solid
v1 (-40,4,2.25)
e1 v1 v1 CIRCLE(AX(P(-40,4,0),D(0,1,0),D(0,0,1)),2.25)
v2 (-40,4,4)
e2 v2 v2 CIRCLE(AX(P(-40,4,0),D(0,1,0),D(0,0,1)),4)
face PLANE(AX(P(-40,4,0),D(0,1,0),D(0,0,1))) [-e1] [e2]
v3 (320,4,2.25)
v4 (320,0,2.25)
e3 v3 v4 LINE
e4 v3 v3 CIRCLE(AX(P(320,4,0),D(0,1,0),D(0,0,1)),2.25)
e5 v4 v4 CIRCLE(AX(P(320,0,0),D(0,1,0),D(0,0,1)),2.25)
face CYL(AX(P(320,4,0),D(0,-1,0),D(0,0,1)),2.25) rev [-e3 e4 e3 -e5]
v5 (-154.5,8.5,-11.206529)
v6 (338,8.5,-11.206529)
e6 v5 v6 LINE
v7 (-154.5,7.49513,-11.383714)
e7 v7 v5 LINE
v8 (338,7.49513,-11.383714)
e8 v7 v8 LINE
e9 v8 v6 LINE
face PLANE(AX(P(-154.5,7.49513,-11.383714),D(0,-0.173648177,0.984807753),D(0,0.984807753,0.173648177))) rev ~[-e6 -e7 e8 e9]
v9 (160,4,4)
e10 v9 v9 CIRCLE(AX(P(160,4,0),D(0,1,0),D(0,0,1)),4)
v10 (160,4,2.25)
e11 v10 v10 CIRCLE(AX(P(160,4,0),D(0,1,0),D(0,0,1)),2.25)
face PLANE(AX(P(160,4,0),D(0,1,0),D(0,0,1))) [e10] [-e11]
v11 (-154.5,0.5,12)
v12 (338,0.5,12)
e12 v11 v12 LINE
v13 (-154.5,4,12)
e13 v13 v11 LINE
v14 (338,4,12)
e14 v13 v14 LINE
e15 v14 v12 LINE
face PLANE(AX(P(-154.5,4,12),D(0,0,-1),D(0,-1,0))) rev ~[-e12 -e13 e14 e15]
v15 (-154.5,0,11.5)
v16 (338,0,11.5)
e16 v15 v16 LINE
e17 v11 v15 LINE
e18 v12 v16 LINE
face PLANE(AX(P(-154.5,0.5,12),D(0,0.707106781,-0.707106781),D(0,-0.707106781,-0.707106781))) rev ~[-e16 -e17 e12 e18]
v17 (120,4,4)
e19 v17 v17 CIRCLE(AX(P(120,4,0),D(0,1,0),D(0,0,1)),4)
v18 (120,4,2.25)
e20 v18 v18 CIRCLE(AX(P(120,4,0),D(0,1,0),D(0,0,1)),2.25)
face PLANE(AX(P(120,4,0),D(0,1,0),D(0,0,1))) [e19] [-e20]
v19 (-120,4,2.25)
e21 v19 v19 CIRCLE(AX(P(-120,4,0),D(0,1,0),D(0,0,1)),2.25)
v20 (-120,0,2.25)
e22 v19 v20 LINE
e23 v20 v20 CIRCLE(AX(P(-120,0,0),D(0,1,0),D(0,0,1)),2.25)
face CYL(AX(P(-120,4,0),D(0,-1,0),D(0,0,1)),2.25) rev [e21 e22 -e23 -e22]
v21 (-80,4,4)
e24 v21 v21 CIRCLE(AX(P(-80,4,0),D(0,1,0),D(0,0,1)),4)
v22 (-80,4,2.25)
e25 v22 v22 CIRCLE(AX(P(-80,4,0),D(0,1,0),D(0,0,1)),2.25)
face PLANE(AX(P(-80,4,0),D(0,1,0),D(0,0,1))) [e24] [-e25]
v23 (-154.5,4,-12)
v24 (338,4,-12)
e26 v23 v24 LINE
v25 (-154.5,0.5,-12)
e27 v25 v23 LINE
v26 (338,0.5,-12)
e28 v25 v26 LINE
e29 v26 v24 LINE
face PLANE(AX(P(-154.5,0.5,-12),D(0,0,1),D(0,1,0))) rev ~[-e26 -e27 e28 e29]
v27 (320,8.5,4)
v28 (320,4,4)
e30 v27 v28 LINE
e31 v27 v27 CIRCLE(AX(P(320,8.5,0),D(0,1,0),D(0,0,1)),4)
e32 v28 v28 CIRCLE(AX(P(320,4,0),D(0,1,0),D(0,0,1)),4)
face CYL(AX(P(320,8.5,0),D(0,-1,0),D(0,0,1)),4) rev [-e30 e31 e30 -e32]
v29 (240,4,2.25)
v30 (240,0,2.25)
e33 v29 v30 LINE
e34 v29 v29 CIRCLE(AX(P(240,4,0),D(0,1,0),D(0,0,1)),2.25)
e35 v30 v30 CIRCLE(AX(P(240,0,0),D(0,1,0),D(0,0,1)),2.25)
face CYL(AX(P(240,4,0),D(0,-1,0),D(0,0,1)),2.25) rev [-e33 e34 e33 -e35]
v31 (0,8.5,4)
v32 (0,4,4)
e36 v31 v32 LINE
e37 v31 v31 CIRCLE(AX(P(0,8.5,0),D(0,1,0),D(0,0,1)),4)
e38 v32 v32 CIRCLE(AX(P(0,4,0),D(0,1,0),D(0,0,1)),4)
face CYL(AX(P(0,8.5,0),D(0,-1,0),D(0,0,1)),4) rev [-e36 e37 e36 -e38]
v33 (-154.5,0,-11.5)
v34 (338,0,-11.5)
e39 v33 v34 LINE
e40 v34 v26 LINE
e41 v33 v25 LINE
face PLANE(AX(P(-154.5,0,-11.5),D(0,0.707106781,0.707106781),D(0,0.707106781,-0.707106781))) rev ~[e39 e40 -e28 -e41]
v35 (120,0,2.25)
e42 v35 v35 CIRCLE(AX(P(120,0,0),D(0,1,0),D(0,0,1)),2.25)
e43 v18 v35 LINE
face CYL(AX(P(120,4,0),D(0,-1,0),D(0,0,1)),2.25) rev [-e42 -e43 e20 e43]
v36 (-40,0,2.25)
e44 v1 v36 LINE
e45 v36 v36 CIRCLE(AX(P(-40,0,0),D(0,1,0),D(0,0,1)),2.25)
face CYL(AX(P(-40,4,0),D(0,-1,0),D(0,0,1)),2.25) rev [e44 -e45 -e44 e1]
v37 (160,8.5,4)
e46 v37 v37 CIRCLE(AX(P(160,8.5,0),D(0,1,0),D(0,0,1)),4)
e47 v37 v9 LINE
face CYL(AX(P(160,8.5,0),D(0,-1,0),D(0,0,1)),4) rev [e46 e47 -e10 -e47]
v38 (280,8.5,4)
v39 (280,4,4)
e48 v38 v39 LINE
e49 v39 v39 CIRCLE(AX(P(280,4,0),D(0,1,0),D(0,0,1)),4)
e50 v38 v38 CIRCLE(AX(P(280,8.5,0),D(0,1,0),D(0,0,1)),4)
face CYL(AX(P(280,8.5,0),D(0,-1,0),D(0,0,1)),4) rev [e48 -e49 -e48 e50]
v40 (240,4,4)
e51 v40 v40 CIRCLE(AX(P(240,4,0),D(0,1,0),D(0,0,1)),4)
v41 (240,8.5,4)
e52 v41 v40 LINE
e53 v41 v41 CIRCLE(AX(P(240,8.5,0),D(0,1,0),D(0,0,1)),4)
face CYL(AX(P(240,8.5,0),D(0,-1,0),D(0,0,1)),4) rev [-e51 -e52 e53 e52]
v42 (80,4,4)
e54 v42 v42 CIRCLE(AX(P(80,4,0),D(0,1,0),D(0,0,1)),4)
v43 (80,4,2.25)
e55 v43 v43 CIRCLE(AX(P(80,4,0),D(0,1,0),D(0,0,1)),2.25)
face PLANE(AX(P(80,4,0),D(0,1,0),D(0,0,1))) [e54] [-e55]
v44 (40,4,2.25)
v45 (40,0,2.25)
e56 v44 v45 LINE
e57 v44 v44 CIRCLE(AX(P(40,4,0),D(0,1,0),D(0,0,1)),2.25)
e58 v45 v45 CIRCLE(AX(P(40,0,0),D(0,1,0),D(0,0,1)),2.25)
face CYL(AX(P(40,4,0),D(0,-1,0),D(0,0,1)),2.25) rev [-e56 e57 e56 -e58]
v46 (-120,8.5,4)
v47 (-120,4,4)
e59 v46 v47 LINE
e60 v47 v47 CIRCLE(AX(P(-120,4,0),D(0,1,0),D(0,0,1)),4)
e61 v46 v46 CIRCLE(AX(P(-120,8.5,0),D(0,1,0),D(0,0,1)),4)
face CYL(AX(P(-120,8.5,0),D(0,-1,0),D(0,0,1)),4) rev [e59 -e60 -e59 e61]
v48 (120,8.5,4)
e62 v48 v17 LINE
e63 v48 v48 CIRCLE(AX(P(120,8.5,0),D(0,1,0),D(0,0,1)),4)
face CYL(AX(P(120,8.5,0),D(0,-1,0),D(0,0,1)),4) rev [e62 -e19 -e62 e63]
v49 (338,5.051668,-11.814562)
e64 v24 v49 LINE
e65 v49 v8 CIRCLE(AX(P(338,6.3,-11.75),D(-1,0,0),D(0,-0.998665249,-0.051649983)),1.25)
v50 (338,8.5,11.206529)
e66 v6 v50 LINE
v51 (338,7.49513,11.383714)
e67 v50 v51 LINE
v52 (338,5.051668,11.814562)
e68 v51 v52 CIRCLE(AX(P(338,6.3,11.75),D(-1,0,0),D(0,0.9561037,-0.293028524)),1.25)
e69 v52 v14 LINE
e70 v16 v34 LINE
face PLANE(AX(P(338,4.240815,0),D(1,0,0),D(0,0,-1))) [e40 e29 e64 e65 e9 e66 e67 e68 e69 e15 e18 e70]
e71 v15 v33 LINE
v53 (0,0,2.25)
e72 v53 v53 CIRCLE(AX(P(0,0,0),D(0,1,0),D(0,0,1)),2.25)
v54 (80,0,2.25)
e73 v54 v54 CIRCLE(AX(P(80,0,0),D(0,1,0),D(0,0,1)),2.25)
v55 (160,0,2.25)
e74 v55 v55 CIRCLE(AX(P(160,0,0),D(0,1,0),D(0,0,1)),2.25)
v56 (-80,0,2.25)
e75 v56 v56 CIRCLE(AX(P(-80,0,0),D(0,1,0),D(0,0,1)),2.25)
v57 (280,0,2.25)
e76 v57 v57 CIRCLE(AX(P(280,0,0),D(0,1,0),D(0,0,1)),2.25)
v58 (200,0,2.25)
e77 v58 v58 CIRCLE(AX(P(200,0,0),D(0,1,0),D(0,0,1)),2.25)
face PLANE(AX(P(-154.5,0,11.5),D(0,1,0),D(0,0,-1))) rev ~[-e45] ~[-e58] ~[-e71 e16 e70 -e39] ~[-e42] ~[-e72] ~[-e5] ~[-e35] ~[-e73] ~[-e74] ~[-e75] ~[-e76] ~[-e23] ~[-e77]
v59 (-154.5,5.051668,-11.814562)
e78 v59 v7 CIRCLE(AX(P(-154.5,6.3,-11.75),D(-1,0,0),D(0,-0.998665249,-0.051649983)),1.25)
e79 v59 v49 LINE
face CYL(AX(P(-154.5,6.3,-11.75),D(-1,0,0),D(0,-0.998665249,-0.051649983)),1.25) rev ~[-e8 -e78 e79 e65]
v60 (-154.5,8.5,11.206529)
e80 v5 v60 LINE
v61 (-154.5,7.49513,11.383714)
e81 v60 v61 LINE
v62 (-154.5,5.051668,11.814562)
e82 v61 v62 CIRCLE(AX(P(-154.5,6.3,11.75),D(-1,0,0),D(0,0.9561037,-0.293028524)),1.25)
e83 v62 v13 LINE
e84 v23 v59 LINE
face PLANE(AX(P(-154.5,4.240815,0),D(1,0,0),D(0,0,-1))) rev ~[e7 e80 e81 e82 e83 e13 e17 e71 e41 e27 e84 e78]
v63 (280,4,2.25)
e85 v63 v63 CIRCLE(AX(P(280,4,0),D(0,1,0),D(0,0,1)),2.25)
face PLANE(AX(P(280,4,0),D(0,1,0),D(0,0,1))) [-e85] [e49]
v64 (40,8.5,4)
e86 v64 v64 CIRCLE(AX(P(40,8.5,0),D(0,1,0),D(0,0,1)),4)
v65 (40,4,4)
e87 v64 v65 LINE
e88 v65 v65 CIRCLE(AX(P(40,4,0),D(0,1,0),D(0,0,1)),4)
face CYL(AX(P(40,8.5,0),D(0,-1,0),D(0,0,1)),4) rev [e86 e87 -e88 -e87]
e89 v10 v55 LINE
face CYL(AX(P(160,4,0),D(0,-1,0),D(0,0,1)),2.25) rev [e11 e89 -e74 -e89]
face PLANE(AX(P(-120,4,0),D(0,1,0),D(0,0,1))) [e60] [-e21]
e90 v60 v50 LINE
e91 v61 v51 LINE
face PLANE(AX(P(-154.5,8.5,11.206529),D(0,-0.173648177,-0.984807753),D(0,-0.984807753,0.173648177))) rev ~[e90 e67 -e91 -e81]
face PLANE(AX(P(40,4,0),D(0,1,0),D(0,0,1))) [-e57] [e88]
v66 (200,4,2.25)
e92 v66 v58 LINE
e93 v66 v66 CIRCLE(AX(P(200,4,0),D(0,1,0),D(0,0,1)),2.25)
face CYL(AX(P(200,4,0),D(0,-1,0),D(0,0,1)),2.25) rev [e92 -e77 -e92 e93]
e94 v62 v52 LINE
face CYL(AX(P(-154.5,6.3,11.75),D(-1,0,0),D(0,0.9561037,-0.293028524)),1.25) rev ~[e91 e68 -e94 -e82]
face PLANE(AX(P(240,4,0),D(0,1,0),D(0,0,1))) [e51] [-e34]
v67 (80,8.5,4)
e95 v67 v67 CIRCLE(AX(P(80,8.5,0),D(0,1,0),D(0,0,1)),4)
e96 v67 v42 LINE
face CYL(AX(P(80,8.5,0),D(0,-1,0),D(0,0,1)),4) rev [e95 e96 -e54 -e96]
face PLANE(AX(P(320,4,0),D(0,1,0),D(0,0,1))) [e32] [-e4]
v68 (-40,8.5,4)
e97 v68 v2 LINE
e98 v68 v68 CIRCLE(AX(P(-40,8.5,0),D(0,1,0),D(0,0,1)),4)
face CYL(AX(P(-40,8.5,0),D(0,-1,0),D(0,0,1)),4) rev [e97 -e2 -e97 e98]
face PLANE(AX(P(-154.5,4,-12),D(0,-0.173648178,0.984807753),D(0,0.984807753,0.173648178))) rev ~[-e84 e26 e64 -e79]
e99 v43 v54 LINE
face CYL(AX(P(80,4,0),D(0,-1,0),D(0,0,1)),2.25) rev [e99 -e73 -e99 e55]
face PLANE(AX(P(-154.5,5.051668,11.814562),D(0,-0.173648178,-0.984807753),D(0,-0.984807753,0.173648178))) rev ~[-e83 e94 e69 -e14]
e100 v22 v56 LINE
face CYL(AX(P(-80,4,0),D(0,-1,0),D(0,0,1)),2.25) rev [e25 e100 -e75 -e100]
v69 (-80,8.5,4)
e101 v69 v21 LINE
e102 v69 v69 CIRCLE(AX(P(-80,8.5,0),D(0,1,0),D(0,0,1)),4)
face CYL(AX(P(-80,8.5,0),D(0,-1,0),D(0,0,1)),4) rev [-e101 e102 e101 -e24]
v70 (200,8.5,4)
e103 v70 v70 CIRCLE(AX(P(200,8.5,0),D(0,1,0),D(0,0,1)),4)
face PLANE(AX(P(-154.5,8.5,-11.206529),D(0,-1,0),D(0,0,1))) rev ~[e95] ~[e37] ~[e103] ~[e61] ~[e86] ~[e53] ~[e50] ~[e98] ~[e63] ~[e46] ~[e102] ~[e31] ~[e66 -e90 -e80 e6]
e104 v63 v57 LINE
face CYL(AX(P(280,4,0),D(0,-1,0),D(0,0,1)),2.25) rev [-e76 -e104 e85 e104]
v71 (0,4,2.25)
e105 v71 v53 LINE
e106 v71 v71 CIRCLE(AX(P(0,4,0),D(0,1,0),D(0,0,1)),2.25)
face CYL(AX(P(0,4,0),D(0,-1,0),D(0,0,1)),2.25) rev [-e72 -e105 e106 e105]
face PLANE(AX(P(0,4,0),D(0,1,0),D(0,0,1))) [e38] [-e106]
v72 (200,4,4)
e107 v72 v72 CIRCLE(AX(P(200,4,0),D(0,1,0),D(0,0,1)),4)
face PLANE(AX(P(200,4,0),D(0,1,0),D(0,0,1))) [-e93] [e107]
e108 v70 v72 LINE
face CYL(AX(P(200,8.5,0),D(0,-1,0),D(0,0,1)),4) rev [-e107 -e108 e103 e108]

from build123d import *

# Parameters (mm, degrees)
RESSALTO_EXTRUS_O1_DEPTH      = 353
RESSALTO_EXTRUS_O1_DEPTH_BACK = 139.5
LPATTERN1_COUNT               = 8
LPATTERN1_PITCH               = 40
LPATTERN1_COL_COUNT           = 5
LPATTERN1_COL_PITCH           = 40


with BuildPart() as part:
    # Esboço1 → Ressalto-extrusão1 (new, two sides: drawn at the far end of the back side and taken through both)
    with BuildSketch(Plane(origin=(-15, 0, 0), x_dir=(0, 0, -1), z_dir=(1, 0, 0)).offset(-RESSALTO_EXTRUS_O1_DEPTH_BACK)):
        with BuildLine():
            Line((-12, 4), (-12, 0.5))
            Line((-12, 0.5), (-11.5, 0))
            Line((-11.5, 0), (11.5, 0))
            Line((11.5, 0), (12, 0.5))
            Line((12, 0.5), (12, 4))
            Line((12, 4), (11.814562479, 5.051668439))
            ThreePointArc((11.814562479, 5.051668439), (10.518990309, 6.082939778), (11.383714346, 7.495129625))
            Line((11.383714346, 7.495129625), (11.206528587, 8.5))
            Line((11.206528587, 8.5), (-11.206528587, 8.5))
            Line((-11.206528587, 8.5), (-11.383714346, 7.495129625))
            ThreePointArc((-11.383714346, 7.495129625), (-10.518990309, 6.082939778), (-11.814562479, 5.051668439))
            Line((-11.814562479, 5.051668439), (-12, 4))
        make_face()
    extrude(amount=RESSALTO_EXTRUS_O1_DEPTH + RESSALTO_EXTRUS_O1_DEPTH_BACK)

    # Esboço3 → Corte-Revolução2 (revolve, cut)
    with BuildSketch(Plane.XY, mode=Mode.PRIVATE) as corte_revolu_o2_sk:
        Polygon((40, 8.5), (44, 8.5), (44, 4), (42.25, 4), (42.25, 0), (40, 0), align=None)
    corte_revolu_o2 = revolve(corte_revolu_o2_sk.sketch.rotate(Axis((40, 0, 0), (0, 1, 0)), 270), axis=Axis((40, 0, 0), (0, 1, 0)), mode=Mode.SUBTRACT)

    # LPattern1: Corte-Revolução2 ×8
    with Locations(*[(i * LPATTERN1_PITCH, 0, 0) for i in range(1, LPATTERN1_COUNT)]):
        add(corte_revolu_o2, mode=Mode.SUBTRACT)

    # LPattern1 col: Corte-Revolução2 ×5
    with Locations(*[(-i * LPATTERN1_COL_PITCH, 0, 0) for i in range(1, LPATTERN1_COL_COUNT)]):
        add(corte_revolu_o2, mode=Mode.SUBTRACT)


solid = part.part
